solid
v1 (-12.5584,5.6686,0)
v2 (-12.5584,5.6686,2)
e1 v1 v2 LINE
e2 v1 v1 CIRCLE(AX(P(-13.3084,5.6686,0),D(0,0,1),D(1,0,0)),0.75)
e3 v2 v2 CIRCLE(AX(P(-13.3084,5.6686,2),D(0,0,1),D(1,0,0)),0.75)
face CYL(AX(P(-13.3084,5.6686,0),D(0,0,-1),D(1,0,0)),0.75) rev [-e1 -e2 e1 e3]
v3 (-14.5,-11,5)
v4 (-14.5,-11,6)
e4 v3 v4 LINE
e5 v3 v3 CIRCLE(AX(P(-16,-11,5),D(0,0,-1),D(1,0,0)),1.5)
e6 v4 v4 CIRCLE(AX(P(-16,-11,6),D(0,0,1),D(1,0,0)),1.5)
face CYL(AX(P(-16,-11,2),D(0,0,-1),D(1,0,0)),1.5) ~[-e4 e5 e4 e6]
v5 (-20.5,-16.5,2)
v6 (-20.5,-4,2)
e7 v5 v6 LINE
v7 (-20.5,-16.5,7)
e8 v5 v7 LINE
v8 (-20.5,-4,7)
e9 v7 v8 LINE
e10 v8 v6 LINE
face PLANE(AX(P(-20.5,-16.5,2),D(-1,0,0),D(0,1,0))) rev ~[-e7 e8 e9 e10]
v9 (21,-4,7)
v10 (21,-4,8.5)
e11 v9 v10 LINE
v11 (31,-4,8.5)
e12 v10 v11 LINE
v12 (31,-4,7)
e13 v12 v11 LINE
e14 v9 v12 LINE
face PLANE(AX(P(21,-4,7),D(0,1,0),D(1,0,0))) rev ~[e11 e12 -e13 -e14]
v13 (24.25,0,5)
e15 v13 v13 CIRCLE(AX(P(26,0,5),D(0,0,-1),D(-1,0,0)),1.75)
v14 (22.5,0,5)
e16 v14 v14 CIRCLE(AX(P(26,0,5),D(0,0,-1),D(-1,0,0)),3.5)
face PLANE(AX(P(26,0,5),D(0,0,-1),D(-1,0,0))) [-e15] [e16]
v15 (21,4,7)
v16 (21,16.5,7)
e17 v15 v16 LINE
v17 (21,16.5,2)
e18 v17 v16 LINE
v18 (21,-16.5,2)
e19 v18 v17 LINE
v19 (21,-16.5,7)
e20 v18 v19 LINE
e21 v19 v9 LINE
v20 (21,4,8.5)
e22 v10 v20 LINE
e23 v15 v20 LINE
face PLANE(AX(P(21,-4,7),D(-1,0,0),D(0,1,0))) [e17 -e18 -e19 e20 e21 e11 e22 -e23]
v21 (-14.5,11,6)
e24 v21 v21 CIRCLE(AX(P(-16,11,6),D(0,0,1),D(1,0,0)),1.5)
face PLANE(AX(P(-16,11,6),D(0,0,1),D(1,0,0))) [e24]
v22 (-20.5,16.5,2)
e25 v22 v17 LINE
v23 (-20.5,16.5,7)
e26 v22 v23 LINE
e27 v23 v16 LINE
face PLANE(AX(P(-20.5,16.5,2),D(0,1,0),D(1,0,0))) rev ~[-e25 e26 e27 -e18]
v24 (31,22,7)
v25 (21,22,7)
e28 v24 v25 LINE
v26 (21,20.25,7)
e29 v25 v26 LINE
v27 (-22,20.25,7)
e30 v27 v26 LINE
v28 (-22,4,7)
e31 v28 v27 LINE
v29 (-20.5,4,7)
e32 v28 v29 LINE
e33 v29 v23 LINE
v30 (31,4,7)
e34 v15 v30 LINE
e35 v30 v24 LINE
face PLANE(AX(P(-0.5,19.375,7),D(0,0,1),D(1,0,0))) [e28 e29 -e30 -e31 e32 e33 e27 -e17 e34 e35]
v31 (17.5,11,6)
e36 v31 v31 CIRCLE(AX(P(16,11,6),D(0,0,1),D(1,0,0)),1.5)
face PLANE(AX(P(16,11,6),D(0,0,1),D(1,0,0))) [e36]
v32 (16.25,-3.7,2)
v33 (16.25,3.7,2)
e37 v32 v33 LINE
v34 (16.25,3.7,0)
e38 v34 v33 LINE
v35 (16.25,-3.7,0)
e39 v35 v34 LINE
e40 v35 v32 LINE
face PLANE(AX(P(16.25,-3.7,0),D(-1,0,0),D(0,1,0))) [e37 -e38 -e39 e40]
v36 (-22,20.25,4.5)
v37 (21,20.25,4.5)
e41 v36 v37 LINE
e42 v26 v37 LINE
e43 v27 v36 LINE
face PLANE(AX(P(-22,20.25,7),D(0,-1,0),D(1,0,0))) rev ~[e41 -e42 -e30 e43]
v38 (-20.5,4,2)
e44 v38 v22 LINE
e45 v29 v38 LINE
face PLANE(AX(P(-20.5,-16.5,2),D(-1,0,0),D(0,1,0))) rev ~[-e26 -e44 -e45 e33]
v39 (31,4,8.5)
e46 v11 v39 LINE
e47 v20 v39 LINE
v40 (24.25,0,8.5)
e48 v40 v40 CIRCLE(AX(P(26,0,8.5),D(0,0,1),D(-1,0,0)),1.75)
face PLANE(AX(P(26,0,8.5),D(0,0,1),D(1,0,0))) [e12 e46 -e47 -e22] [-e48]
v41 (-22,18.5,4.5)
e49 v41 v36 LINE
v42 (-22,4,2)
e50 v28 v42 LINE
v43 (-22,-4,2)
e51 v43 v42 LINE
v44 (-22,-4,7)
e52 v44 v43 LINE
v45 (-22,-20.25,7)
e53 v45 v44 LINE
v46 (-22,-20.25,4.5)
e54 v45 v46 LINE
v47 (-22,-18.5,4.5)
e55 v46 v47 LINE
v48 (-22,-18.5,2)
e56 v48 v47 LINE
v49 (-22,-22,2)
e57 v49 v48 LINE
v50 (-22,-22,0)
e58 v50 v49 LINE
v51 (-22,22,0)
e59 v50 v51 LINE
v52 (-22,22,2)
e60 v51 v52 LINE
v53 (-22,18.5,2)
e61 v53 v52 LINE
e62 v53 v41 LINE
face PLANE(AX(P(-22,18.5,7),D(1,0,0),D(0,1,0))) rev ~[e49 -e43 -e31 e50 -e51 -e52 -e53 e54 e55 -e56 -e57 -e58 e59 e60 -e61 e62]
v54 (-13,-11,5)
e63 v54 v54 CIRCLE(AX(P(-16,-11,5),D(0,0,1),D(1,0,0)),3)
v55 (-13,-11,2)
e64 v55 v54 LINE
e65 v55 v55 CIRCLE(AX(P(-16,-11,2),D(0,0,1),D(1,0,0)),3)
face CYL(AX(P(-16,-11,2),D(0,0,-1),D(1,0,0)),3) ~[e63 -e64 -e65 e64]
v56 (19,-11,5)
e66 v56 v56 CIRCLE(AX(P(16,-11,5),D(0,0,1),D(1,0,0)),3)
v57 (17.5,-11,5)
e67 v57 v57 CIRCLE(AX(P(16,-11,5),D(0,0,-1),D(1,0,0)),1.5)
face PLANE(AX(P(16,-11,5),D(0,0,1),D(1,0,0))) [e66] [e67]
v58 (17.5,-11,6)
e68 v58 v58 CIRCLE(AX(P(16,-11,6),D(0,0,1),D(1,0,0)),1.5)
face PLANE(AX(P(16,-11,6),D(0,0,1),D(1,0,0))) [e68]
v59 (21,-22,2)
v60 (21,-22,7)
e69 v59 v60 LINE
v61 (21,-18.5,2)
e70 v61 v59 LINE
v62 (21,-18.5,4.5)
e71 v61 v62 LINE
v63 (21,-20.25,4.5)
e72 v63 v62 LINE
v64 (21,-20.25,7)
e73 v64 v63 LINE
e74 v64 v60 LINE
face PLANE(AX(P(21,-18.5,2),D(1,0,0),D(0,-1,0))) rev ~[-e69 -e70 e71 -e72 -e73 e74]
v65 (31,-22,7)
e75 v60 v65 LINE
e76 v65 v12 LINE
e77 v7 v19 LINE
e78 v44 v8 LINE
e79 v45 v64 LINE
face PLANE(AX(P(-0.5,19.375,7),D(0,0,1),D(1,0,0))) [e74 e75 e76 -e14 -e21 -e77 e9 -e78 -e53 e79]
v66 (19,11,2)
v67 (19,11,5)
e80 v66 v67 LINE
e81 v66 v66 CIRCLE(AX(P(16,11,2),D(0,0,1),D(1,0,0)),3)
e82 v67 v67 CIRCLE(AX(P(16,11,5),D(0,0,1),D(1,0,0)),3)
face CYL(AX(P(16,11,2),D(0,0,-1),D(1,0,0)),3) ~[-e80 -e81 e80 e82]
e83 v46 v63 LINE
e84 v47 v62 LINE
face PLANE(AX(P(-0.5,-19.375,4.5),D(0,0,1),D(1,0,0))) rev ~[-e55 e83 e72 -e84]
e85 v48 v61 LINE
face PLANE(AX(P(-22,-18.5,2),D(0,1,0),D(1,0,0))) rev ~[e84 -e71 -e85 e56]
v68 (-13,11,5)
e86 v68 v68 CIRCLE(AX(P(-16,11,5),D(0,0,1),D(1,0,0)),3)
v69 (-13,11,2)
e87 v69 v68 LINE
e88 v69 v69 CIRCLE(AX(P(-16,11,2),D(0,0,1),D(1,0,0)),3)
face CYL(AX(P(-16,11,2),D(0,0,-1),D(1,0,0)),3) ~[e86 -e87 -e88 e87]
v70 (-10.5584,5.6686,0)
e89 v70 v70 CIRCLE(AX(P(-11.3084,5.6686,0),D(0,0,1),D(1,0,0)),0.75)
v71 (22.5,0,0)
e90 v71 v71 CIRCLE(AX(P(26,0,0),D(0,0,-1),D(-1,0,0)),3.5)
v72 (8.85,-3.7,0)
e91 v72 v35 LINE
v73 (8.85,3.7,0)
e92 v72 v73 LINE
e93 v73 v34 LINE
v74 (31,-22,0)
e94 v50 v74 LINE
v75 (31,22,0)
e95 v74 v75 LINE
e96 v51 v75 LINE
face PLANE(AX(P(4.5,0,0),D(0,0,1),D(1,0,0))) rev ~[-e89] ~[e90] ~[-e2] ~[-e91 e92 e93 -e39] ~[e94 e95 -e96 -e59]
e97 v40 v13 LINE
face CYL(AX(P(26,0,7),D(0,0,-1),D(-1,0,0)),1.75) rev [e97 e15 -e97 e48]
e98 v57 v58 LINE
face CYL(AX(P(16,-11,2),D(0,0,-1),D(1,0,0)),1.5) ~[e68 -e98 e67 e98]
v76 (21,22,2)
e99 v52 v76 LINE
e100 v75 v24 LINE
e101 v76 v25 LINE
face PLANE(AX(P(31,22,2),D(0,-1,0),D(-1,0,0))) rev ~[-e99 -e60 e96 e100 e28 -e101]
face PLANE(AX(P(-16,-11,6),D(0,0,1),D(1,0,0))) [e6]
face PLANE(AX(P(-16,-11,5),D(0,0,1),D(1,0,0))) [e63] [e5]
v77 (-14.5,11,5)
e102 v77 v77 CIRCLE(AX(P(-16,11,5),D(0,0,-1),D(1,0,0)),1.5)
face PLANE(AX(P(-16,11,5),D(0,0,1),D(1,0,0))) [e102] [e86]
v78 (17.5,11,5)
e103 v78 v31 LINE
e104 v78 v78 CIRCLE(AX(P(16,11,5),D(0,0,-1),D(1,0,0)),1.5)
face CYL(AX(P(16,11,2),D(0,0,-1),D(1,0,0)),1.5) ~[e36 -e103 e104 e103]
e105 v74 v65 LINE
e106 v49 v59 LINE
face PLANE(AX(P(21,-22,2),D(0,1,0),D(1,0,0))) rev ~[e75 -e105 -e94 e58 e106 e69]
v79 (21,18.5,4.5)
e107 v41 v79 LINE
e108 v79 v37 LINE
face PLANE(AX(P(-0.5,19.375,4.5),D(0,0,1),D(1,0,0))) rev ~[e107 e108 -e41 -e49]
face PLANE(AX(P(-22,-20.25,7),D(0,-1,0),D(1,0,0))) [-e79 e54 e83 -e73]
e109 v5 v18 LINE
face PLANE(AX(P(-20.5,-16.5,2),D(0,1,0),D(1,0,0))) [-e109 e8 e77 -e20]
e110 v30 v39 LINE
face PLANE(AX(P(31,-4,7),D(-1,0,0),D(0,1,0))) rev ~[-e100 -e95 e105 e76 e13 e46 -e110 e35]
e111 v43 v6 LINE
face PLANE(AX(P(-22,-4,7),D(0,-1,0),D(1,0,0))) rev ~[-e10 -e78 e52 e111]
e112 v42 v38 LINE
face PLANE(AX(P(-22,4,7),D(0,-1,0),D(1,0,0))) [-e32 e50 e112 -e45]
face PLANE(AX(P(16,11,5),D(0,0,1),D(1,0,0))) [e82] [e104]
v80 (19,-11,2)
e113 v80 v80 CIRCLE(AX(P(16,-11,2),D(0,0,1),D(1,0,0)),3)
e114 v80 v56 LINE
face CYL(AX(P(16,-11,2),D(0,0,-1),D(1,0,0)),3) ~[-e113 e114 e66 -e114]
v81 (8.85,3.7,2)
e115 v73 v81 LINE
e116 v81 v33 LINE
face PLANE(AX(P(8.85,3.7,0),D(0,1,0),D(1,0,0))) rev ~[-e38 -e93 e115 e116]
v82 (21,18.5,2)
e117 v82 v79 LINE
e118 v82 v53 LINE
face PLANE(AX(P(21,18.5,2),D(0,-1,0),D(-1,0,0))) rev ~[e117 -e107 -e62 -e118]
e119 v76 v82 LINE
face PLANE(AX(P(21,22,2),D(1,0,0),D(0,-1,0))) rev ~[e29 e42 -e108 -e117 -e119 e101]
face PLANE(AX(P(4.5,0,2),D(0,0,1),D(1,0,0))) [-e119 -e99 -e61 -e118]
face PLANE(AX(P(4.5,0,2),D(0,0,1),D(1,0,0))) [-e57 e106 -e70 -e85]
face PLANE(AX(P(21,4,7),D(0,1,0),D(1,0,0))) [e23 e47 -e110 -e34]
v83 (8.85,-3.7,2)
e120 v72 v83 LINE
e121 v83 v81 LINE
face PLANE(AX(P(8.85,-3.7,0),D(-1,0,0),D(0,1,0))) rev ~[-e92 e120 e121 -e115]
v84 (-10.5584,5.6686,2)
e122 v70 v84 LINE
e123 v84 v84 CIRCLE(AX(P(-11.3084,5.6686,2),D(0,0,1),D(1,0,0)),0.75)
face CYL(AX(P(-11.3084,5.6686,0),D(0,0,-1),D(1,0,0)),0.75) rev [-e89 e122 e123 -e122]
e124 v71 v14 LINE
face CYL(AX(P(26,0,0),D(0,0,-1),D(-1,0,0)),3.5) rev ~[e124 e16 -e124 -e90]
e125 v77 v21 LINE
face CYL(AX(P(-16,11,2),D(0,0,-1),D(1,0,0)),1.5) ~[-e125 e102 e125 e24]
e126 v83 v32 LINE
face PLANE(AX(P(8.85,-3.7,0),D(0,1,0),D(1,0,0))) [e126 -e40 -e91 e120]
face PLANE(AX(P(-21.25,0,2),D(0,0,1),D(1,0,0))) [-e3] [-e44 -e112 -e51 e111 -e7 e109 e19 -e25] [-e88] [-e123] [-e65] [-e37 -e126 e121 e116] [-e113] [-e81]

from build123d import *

# Parameters (mm, degrees)
CROQUIS1_W              = 53
CROQUIS1_H              = 44
CROQUIS1_R              = 0.75
CROQUIS1_W_2            = 7.4
CROQUIS1_H_2            = 7.4
SALIENTE_EXTRUIR1_DEPTH = 2
CROQUIS4_R              = 1.5
SALIENTE_EXTRUIR3_DEPTH = 4
CORTAR_EXTRUIR1_REACH   = 40.484
CROQUIS5_R              = 1.75
CROQUIS6_R              = 1.75
CROQUIS6_W              = 41.5
CROQUIS6_H              = 33
SALIENTE_EXTRUIR4_DEPTH = 5
CROQUIS7_W              = 43
CROQUIS7_H              = 1.75
SALIENTE_EXTRUIR5_DEPTH = 2.5
CROQUIS8_W              = 1.5
CROQUIS8_H              = 8
CORTAR_EXTRUIR3_DEPTH   = 5
CROQUIS9_R              = 3.5
CORTAR_EXTRUIR4_DEPTH   = 5
CROQUIS10_R             = 3
SALIENTE_EXTRUIR6_DEPTH = 3
CROQUIS12_W             = 10
CROQUIS12_H             = 8
CROQUIS12_R             = 1.75
SALIENTE_EXTRUIR7_DEPTH = 1.5


with BuildPart() as part:
    # Croquis1 → Saliente-Extruir1 (new body)
    with BuildSketch(Plane.XY):
        with Locations((4.5, 0)):
            Rectangle(CROQUIS1_W, CROQUIS1_H)
        with Locations((-13.3084, 5.6686)):
            Circle(CROQUIS1_R, mode=Mode.SUBTRACT)
        with Locations((-11.3084, 5.6686)):
            Circle(CROQUIS1_R, mode=Mode.SUBTRACT)
        with Locations((12.55, 0)):
            Rectangle(CROQUIS1_W_2, CROQUIS1_H_2, mode=Mode.SUBTRACT)
    extrude(amount=SALIENTE_EXTRUIR1_DEPTH)

    # Croquis4 → Saliente-Extruir3 (add)
    with BuildSketch(Plane.XY.offset(2)):
        with Locations((-16, -11)):
            Circle(CROQUIS4_R)
        with Locations((16, -11)):
            Circle(CROQUIS4_R)
        with Locations((16, 11)):
            Circle(CROQUIS4_R)
        with Locations((-16, 11)):
            Circle(CROQUIS4_R)
    extrude(amount=SALIENTE_EXTRUIR3_DEPTH)

    # Croquis5 → Cortar-Extruir1 (cut, up to next)
    with BuildSketch(Plane(origin=(0, 0, 0), x_dir=(-1, 0, 0), z_dir=(0, 0, -1)), mode=Mode.PRIVATE) as cortar_extruir1_sk1:
        with Locations((-26, 0)):
            Circle(CROQUIS5_R)
    cortar_extruir1_tool1 = extrude(cortar_extruir1_sk1.sketch, amount=-CORTAR_EXTRUIR1_REACH, mode=Mode.PRIVATE) & part.part
    add(cortar_extruir1_tool1.solids().sort_by_distance((26, 0, 0))[0], mode=Mode.SUBTRACT)

    # Croquis6 → Saliente-Extruir4 (add)
    with BuildSketch(Plane.XY.offset(2)):
        Polygon((-22, -18.5), (21, -18.5), (21, -22), (31, -22), (31, 22), (21, 22), (21, 18.5), (-22, 18.5), align=None)
        with Locations(Location((26, 0, 0), (0, 0, 180))):
            Circle(CROQUIS6_R, mode=Mode.SUBTRACT)
        with Locations((0.25, 0)):
            Rectangle(CROQUIS6_W, CROQUIS6_H, mode=Mode.SUBTRACT)
    extrude(amount=SALIENTE_EXTRUIR4_DEPTH)

    # Croquis7 → Saliente-Extruir5 (add)
    with BuildSketch(Plane.XY.offset(7)):
        with Locations((-0.5, 19.375)):
            Rectangle(CROQUIS7_W, CROQUIS7_H)
        with Locations((-0.5, -19.375)):
            Rectangle(CROQUIS7_W, CROQUIS7_H)
    extrude(amount=-SALIENTE_EXTRUIR5_DEPTH)

    # Croquis8 → Cortar-Extruir3 (cut)
    with BuildSketch(Plane.XY.offset(7)):
        with Locations((-21.25, 0)):
            Rectangle(CROQUIS8_W, CROQUIS8_H)
    extrude(amount=-CORTAR_EXTRUIR3_DEPTH, mode=Mode.SUBTRACT)

    # Croquis9 → Cortar-Extruir4 (cut)
    with BuildSketch(Plane(origin=(0, 0, 0), x_dir=(-1, 0, 0), z_dir=(0, 0, -1))):
        with Locations((-26, 0)):
            Circle(CROQUIS9_R)
    extrude(amount=-CORTAR_EXTRUIR4_DEPTH, mode=Mode.SUBTRACT)

    # Croquis10 → Saliente-Extruir6 (add)
    with BuildSketch(Plane.XY.offset(2)):
        with Locations((-16, 11)):
            Circle(CROQUIS10_R)
        with Locations((16, 11)):
            Circle(CROQUIS10_R)
        with Locations((16, -11)):
            Circle(CROQUIS10_R)
        with Locations((-16, -11)):
            Circle(CROQUIS10_R)
    extrude(amount=SALIENTE_EXTRUIR6_DEPTH)

    # Croquis12 → Saliente-Extruir7 (add)
    with BuildSketch(Plane.XY.offset(7)):
        with Locations((26, 0)):
            Rectangle(CROQUIS12_W, CROQUIS12_H)
        with Locations(Location((26, 0, 0), (0, 0, 180))):
            Circle(CROQUIS12_R, mode=Mode.SUBTRACT)
    extrude(amount=SALIENTE_EXTRUIR7_DEPTH)


solid = part.part
